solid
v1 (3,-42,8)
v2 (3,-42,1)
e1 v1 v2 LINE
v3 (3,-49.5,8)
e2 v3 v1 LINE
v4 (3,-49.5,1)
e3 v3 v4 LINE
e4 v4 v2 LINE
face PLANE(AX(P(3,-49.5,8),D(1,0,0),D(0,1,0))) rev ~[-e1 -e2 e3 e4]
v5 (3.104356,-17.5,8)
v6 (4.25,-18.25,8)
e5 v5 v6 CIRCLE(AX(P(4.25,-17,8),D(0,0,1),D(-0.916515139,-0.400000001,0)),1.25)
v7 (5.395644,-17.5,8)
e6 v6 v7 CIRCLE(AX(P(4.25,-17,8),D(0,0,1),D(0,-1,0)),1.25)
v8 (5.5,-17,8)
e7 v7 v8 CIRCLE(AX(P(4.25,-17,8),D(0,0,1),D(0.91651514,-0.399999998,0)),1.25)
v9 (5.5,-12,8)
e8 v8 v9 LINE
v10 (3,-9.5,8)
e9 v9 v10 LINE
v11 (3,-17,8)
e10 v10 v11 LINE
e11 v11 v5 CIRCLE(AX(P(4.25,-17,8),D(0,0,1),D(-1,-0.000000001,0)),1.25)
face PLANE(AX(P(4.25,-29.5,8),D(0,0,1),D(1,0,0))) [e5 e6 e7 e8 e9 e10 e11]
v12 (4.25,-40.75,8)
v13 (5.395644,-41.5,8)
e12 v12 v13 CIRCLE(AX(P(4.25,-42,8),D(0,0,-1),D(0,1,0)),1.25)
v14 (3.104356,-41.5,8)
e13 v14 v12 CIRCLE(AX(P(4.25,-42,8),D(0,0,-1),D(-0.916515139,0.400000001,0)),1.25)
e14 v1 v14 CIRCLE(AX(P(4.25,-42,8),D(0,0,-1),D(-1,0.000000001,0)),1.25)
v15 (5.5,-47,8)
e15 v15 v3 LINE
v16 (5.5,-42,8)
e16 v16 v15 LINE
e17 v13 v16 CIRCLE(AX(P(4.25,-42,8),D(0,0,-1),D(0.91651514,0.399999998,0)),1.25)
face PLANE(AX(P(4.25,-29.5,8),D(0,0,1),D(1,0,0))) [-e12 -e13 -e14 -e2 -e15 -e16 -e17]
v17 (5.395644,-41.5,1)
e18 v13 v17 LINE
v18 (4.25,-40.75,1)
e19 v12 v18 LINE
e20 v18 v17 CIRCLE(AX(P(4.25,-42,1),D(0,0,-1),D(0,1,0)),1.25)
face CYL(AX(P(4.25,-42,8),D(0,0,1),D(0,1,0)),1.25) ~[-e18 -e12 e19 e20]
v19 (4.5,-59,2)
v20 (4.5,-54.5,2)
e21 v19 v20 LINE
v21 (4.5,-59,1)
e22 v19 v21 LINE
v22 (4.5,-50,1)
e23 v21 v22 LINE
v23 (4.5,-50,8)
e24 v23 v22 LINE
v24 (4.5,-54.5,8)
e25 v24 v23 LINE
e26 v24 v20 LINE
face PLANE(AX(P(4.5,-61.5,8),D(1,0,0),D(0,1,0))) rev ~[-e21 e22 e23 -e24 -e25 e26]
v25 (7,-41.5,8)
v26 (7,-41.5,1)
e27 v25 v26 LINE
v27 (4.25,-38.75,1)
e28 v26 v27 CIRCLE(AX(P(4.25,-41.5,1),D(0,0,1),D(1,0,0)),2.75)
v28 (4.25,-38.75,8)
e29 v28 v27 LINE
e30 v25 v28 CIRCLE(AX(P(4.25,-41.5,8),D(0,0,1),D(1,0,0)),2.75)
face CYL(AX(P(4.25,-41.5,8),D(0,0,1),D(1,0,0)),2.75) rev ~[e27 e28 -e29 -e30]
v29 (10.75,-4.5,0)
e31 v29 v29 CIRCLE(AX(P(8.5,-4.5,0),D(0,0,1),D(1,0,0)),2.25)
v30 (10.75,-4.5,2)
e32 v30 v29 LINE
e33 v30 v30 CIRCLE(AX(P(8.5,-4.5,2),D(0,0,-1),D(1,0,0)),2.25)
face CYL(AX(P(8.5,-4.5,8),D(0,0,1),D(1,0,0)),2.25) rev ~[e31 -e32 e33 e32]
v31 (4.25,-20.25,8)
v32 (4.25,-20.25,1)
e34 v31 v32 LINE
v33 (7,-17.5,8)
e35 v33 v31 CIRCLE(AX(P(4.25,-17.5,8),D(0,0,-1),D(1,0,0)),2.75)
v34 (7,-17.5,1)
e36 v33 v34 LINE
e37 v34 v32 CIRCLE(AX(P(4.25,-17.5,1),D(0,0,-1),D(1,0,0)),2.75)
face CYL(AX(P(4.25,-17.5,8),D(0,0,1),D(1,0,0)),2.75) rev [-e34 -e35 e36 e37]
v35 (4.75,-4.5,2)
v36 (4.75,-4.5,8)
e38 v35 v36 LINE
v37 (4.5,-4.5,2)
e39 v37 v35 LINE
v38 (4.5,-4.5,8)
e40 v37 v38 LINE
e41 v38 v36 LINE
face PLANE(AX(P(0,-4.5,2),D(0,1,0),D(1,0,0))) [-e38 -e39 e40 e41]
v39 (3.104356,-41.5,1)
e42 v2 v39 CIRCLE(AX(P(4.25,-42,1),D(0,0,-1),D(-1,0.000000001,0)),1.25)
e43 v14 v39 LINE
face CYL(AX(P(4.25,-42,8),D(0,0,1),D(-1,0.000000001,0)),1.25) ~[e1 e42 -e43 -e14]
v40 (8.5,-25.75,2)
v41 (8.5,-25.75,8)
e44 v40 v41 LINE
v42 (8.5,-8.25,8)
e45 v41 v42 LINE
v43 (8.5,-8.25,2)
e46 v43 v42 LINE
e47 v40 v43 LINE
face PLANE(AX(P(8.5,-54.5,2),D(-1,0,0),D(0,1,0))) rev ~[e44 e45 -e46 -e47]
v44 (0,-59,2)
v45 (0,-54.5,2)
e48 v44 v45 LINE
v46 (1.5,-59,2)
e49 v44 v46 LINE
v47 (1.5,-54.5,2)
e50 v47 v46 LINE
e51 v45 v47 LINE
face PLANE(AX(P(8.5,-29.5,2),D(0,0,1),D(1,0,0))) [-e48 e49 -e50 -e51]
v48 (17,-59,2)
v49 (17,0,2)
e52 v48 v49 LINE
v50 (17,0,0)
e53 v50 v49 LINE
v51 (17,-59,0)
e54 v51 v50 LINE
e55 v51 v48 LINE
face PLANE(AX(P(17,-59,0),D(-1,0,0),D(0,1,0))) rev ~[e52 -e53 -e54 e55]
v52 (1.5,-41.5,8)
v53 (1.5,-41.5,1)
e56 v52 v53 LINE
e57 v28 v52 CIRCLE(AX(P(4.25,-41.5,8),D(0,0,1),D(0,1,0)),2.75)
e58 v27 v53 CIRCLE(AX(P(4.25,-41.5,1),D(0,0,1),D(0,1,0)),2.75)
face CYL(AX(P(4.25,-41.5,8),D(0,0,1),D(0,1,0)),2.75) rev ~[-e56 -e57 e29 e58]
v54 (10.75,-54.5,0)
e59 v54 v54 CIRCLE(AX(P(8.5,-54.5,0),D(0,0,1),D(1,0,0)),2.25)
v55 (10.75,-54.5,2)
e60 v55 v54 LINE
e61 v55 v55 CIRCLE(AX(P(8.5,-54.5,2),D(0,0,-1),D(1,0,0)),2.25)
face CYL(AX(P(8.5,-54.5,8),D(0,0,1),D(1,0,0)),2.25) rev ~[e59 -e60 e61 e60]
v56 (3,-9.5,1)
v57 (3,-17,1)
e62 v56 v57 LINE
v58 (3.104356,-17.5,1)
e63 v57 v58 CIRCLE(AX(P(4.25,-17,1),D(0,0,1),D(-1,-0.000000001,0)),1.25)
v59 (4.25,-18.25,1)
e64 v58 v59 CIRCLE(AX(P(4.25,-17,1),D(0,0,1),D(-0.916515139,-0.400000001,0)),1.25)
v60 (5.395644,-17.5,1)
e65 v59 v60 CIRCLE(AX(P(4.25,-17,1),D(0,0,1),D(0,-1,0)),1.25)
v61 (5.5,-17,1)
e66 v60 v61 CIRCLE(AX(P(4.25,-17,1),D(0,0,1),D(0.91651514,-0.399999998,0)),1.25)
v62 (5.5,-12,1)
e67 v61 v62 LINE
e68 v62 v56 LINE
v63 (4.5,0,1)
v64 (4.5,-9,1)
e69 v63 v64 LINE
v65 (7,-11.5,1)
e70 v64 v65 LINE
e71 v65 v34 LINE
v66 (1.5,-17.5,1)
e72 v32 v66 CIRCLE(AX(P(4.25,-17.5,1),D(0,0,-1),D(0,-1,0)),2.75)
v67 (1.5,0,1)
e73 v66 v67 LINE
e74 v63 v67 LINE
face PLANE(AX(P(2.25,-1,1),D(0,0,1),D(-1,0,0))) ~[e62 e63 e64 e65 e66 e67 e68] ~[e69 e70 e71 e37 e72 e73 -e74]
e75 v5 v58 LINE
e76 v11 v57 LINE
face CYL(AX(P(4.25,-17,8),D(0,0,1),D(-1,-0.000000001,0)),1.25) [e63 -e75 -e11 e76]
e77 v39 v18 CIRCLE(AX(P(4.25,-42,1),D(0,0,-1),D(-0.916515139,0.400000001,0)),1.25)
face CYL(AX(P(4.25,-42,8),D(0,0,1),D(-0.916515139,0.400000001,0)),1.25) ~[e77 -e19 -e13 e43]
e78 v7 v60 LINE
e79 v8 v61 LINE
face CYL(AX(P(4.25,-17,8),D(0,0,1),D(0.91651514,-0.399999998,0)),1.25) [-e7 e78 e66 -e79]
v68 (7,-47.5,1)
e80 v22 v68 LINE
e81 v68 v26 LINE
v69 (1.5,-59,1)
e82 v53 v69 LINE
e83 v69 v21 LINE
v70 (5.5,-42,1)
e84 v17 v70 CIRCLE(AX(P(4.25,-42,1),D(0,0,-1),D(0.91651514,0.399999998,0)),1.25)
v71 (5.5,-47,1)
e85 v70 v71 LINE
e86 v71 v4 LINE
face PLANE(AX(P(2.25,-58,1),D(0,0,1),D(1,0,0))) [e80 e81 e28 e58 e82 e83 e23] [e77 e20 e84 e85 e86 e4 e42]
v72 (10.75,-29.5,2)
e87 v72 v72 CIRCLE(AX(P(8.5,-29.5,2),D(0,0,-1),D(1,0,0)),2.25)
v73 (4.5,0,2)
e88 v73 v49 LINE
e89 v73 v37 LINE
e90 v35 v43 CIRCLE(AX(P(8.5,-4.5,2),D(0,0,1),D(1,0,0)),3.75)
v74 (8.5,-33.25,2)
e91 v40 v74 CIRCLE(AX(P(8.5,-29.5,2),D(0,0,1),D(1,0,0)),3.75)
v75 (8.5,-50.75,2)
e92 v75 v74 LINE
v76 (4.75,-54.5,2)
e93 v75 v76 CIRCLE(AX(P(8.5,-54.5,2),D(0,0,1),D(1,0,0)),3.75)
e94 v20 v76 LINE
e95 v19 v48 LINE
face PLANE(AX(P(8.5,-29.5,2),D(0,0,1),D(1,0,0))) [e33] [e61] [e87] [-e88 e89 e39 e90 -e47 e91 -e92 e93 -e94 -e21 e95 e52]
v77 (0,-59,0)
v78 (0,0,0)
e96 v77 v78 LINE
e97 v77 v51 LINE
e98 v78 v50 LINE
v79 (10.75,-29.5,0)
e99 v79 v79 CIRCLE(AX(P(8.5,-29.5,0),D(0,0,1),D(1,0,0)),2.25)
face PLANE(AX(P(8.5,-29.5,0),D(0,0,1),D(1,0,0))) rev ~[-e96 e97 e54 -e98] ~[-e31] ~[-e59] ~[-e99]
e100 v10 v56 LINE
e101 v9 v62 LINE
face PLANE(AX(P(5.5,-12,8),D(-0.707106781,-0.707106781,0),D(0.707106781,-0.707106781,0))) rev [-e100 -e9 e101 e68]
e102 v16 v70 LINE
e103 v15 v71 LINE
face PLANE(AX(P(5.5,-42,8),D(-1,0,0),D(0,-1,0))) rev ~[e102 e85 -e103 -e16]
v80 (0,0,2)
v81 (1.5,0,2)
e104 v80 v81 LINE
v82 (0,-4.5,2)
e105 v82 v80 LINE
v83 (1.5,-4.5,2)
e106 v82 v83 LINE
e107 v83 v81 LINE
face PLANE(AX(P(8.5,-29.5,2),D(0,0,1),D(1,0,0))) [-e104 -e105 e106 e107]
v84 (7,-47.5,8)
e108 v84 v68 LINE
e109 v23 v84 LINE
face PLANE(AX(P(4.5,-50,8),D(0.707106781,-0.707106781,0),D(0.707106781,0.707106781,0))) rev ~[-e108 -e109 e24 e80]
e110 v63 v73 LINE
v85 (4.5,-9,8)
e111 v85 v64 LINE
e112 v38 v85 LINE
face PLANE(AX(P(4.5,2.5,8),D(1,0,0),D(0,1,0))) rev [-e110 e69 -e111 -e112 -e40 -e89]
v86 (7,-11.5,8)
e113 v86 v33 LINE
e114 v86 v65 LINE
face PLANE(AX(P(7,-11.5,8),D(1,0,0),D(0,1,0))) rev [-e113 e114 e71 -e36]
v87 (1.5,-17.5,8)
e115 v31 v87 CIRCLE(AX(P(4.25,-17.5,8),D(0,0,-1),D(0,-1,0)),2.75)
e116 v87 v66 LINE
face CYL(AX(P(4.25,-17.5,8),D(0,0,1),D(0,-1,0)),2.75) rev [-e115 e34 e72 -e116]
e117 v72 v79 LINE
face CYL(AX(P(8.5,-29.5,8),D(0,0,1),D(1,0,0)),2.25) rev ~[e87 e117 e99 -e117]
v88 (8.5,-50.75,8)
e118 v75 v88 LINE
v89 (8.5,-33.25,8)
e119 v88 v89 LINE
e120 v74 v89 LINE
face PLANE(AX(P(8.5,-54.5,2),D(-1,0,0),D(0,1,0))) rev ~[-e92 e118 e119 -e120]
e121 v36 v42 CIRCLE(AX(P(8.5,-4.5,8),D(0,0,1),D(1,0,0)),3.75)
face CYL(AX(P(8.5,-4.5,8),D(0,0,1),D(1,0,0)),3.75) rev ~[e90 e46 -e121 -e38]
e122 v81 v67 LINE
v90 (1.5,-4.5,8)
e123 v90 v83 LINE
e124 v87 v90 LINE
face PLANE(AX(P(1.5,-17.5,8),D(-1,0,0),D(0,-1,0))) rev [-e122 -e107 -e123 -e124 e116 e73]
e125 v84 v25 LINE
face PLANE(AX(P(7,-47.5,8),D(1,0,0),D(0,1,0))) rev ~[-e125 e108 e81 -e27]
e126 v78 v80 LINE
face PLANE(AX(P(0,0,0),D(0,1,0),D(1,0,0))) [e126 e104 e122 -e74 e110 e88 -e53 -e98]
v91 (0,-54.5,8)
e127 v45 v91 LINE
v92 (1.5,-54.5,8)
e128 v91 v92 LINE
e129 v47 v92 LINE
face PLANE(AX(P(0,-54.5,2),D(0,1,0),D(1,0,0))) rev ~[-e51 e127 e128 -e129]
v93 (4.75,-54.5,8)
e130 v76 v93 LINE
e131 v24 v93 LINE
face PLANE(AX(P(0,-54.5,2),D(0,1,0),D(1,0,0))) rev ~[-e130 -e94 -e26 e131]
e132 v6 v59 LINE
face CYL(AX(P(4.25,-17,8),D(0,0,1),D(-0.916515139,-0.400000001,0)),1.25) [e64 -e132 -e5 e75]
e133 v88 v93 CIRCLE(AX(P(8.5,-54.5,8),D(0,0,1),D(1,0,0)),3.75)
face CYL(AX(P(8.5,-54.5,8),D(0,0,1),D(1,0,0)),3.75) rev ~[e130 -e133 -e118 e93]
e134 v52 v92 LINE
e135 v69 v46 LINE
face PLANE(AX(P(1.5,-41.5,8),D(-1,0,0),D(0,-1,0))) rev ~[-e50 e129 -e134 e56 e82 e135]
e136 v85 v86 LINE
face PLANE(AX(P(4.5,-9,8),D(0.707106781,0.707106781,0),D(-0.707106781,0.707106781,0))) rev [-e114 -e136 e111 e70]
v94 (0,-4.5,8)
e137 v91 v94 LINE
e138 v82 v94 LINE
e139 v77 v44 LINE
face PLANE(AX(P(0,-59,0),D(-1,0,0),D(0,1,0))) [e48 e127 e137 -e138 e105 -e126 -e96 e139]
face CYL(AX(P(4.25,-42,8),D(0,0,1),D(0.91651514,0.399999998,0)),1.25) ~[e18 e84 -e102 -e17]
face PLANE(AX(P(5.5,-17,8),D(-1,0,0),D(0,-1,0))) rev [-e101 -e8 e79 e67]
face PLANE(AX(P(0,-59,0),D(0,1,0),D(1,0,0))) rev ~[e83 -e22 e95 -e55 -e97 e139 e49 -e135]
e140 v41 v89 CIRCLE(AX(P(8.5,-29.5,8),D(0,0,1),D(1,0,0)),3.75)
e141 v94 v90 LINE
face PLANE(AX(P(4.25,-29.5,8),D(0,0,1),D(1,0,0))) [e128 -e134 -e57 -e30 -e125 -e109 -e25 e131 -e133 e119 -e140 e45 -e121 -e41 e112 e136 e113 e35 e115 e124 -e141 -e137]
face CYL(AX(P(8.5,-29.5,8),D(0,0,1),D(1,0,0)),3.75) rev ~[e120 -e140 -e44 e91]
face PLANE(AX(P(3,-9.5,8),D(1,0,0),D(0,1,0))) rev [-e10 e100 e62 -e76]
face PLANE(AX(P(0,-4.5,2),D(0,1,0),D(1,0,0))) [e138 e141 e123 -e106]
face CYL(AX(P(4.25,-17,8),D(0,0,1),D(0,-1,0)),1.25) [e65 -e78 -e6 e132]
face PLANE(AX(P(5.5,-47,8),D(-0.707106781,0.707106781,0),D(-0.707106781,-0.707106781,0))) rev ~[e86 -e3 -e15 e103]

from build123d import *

# Parameters (mm, degrees)
ESQUISSE1_W             = 17
ESQUISSE1_H             = 59
BOSS_EXTRU_1_DEPTH      = 2
ESQUISSE2_W             = 8.5
ESQUISSE2_H             = 50
BOSS_EXTRU_2_DEPTH      = 6
ESQUISSE4_R             = 2.25
ENL_V_MAT_EXTRU_6_DEPTH = 27
ESQUISSE3_W             = 1.5
ESQUISSE3_H             = 7
ENL_V_MAT_EXTRU_7_DEPTH = 7
ESQUISSE5_R             = 3.75
ENL_V_MAT_EXTRU_8_DEPTH = 6


with BuildPart() as part:
    # Esquisse1 → Boss.-Extru.1 (new body)
    with BuildSketch(Plane.XY):
        with Locations((8.5, -29.5)):
            Rectangle(ESQUISSE1_W, ESQUISSE1_H)
    extrude(amount=BOSS_EXTRU_1_DEPTH)

    # Esquisse2 → Boss.-Extru.2 (add)
    with BuildSketch(Plane.XY.offset(2)):
        with Locations((4.25, -29.5)):
            Rectangle(ESQUISSE2_W, ESQUISSE2_H)
    extrude(amount=BOSS_EXTRU_2_DEPTH)

    # Esquisse4 → Enlèv. mat.-Extru.6 (cut)
    with BuildSketch(Plane.XY.offset(8)):
        with Locations((8.5, -54.5)):
            Circle(ESQUISSE4_R)
        with Locations((8.5, -29.5)):
            Circle(ESQUISSE4_R)
        with Locations((8.5, -4.5)):
            Circle(ESQUISSE4_R)
    extrude(amount=-ENL_V_MAT_EXTRU_6_DEPTH, mode=Mode.SUBTRACT)

    # Esquisse3 → Enlèv. mat.-Extru.7 (cut)
    with BuildSketch(Plane.XY.offset(8)):
        with Locations((2.25, -58)):
            Rectangle(ESQUISSE3_W, ESQUISSE3_H)
        with Locations((3.75, -58)):
            Rectangle(ESQUISSE3_W, ESQUISSE3_H)
        Polygon((4.5, -48), (3, -49.5), (3, -54.5), (4.5, -54.5), (4.5, -50), align=None)
        Polygon((3, -49.5), (3, -42), (3, -41.5), (1.5, -41.5), (1.5, -54.5), (3, -54.5), align=None)
        Polygon((5.5, -41.5), (5.5, -42), (5.5, -47), (4.5, -48), (4.5, -50), (7, -47.5), (7, -41.5), align=None)
        with BuildLine():
            Line((4.25, -38.75), (4.25, -40.75))
            ThreePointArc((4.25, -40.75), (4.934653197, -40.954174967), (5.395643924, -41.5))
            Line((5.395643924, -41.5), (5.5, -41.5))
            Line((5.5, -41.5), (7, -41.5))
            ThreePointArc((7, -41.5), (6.194543648, -39.555456352), (4.25, -38.75))
        make_face()
        with BuildLine():
            Line((1.5, -41.5), (3, -41.5))
            Line((3, -41.5), (3.104356076, -41.5))
            ThreePointArc((3.104356076, -41.5), (3.565346803, -40.954174967), (4.25, -40.75))
            Line((4.25, -40.75), (4.25, -38.75))
            ThreePointArc((4.25, -38.75), (2.305456352, -39.555456352), (1.5, -41.5))
        make_face()
        with BuildLine():
            Line((3, -41.5), (3, -42))
            ThreePointArc((3, -42), (3.026367109, -41.744612945), (3.104356076, -41.5))
            Line((3.104356076, -41.5), (3, -41.5))
        make_face()
        with BuildLine():
            ThreePointArc((5.395643924, -41.5), (5.473632891, -41.744612945), (5.5, -42))
            Line((5.5, -42), (5.5, -41.5))
            Line((5.5, -41.5), (5.395643924, -41.5))
        make_face()
    enl_v_mat_extru_7 = extrude(amount=-ENL_V_MAT_EXTRU_7_DEPTH, mode=Mode.SUBTRACT)

    # Symétrie1: Enlèv. mat.-Extru.7 across plane
    add(enl_v_mat_extru_7.mirror(Plane.ZX.offset(-29.5)), mode=Mode.SUBTRACT)

    # Esquisse5 → Enlèv. mat.-Extru.8 (cut)
    with BuildSketch(Plane.XY.offset(8)):
        with Locations((8.5, -29.5)):
            Circle(ESQUISSE5_R)
        with Locations((8.5, -4.5)):
            Circle(ESQUISSE5_R)
        with Locations((8.5, -54.5)):
            Circle(ESQUISSE5_R)
    extrude(amount=-ENL_V_MAT_EXTRU_8_DEPTH, mode=Mode.SUBTRACT)


solid = part.part
